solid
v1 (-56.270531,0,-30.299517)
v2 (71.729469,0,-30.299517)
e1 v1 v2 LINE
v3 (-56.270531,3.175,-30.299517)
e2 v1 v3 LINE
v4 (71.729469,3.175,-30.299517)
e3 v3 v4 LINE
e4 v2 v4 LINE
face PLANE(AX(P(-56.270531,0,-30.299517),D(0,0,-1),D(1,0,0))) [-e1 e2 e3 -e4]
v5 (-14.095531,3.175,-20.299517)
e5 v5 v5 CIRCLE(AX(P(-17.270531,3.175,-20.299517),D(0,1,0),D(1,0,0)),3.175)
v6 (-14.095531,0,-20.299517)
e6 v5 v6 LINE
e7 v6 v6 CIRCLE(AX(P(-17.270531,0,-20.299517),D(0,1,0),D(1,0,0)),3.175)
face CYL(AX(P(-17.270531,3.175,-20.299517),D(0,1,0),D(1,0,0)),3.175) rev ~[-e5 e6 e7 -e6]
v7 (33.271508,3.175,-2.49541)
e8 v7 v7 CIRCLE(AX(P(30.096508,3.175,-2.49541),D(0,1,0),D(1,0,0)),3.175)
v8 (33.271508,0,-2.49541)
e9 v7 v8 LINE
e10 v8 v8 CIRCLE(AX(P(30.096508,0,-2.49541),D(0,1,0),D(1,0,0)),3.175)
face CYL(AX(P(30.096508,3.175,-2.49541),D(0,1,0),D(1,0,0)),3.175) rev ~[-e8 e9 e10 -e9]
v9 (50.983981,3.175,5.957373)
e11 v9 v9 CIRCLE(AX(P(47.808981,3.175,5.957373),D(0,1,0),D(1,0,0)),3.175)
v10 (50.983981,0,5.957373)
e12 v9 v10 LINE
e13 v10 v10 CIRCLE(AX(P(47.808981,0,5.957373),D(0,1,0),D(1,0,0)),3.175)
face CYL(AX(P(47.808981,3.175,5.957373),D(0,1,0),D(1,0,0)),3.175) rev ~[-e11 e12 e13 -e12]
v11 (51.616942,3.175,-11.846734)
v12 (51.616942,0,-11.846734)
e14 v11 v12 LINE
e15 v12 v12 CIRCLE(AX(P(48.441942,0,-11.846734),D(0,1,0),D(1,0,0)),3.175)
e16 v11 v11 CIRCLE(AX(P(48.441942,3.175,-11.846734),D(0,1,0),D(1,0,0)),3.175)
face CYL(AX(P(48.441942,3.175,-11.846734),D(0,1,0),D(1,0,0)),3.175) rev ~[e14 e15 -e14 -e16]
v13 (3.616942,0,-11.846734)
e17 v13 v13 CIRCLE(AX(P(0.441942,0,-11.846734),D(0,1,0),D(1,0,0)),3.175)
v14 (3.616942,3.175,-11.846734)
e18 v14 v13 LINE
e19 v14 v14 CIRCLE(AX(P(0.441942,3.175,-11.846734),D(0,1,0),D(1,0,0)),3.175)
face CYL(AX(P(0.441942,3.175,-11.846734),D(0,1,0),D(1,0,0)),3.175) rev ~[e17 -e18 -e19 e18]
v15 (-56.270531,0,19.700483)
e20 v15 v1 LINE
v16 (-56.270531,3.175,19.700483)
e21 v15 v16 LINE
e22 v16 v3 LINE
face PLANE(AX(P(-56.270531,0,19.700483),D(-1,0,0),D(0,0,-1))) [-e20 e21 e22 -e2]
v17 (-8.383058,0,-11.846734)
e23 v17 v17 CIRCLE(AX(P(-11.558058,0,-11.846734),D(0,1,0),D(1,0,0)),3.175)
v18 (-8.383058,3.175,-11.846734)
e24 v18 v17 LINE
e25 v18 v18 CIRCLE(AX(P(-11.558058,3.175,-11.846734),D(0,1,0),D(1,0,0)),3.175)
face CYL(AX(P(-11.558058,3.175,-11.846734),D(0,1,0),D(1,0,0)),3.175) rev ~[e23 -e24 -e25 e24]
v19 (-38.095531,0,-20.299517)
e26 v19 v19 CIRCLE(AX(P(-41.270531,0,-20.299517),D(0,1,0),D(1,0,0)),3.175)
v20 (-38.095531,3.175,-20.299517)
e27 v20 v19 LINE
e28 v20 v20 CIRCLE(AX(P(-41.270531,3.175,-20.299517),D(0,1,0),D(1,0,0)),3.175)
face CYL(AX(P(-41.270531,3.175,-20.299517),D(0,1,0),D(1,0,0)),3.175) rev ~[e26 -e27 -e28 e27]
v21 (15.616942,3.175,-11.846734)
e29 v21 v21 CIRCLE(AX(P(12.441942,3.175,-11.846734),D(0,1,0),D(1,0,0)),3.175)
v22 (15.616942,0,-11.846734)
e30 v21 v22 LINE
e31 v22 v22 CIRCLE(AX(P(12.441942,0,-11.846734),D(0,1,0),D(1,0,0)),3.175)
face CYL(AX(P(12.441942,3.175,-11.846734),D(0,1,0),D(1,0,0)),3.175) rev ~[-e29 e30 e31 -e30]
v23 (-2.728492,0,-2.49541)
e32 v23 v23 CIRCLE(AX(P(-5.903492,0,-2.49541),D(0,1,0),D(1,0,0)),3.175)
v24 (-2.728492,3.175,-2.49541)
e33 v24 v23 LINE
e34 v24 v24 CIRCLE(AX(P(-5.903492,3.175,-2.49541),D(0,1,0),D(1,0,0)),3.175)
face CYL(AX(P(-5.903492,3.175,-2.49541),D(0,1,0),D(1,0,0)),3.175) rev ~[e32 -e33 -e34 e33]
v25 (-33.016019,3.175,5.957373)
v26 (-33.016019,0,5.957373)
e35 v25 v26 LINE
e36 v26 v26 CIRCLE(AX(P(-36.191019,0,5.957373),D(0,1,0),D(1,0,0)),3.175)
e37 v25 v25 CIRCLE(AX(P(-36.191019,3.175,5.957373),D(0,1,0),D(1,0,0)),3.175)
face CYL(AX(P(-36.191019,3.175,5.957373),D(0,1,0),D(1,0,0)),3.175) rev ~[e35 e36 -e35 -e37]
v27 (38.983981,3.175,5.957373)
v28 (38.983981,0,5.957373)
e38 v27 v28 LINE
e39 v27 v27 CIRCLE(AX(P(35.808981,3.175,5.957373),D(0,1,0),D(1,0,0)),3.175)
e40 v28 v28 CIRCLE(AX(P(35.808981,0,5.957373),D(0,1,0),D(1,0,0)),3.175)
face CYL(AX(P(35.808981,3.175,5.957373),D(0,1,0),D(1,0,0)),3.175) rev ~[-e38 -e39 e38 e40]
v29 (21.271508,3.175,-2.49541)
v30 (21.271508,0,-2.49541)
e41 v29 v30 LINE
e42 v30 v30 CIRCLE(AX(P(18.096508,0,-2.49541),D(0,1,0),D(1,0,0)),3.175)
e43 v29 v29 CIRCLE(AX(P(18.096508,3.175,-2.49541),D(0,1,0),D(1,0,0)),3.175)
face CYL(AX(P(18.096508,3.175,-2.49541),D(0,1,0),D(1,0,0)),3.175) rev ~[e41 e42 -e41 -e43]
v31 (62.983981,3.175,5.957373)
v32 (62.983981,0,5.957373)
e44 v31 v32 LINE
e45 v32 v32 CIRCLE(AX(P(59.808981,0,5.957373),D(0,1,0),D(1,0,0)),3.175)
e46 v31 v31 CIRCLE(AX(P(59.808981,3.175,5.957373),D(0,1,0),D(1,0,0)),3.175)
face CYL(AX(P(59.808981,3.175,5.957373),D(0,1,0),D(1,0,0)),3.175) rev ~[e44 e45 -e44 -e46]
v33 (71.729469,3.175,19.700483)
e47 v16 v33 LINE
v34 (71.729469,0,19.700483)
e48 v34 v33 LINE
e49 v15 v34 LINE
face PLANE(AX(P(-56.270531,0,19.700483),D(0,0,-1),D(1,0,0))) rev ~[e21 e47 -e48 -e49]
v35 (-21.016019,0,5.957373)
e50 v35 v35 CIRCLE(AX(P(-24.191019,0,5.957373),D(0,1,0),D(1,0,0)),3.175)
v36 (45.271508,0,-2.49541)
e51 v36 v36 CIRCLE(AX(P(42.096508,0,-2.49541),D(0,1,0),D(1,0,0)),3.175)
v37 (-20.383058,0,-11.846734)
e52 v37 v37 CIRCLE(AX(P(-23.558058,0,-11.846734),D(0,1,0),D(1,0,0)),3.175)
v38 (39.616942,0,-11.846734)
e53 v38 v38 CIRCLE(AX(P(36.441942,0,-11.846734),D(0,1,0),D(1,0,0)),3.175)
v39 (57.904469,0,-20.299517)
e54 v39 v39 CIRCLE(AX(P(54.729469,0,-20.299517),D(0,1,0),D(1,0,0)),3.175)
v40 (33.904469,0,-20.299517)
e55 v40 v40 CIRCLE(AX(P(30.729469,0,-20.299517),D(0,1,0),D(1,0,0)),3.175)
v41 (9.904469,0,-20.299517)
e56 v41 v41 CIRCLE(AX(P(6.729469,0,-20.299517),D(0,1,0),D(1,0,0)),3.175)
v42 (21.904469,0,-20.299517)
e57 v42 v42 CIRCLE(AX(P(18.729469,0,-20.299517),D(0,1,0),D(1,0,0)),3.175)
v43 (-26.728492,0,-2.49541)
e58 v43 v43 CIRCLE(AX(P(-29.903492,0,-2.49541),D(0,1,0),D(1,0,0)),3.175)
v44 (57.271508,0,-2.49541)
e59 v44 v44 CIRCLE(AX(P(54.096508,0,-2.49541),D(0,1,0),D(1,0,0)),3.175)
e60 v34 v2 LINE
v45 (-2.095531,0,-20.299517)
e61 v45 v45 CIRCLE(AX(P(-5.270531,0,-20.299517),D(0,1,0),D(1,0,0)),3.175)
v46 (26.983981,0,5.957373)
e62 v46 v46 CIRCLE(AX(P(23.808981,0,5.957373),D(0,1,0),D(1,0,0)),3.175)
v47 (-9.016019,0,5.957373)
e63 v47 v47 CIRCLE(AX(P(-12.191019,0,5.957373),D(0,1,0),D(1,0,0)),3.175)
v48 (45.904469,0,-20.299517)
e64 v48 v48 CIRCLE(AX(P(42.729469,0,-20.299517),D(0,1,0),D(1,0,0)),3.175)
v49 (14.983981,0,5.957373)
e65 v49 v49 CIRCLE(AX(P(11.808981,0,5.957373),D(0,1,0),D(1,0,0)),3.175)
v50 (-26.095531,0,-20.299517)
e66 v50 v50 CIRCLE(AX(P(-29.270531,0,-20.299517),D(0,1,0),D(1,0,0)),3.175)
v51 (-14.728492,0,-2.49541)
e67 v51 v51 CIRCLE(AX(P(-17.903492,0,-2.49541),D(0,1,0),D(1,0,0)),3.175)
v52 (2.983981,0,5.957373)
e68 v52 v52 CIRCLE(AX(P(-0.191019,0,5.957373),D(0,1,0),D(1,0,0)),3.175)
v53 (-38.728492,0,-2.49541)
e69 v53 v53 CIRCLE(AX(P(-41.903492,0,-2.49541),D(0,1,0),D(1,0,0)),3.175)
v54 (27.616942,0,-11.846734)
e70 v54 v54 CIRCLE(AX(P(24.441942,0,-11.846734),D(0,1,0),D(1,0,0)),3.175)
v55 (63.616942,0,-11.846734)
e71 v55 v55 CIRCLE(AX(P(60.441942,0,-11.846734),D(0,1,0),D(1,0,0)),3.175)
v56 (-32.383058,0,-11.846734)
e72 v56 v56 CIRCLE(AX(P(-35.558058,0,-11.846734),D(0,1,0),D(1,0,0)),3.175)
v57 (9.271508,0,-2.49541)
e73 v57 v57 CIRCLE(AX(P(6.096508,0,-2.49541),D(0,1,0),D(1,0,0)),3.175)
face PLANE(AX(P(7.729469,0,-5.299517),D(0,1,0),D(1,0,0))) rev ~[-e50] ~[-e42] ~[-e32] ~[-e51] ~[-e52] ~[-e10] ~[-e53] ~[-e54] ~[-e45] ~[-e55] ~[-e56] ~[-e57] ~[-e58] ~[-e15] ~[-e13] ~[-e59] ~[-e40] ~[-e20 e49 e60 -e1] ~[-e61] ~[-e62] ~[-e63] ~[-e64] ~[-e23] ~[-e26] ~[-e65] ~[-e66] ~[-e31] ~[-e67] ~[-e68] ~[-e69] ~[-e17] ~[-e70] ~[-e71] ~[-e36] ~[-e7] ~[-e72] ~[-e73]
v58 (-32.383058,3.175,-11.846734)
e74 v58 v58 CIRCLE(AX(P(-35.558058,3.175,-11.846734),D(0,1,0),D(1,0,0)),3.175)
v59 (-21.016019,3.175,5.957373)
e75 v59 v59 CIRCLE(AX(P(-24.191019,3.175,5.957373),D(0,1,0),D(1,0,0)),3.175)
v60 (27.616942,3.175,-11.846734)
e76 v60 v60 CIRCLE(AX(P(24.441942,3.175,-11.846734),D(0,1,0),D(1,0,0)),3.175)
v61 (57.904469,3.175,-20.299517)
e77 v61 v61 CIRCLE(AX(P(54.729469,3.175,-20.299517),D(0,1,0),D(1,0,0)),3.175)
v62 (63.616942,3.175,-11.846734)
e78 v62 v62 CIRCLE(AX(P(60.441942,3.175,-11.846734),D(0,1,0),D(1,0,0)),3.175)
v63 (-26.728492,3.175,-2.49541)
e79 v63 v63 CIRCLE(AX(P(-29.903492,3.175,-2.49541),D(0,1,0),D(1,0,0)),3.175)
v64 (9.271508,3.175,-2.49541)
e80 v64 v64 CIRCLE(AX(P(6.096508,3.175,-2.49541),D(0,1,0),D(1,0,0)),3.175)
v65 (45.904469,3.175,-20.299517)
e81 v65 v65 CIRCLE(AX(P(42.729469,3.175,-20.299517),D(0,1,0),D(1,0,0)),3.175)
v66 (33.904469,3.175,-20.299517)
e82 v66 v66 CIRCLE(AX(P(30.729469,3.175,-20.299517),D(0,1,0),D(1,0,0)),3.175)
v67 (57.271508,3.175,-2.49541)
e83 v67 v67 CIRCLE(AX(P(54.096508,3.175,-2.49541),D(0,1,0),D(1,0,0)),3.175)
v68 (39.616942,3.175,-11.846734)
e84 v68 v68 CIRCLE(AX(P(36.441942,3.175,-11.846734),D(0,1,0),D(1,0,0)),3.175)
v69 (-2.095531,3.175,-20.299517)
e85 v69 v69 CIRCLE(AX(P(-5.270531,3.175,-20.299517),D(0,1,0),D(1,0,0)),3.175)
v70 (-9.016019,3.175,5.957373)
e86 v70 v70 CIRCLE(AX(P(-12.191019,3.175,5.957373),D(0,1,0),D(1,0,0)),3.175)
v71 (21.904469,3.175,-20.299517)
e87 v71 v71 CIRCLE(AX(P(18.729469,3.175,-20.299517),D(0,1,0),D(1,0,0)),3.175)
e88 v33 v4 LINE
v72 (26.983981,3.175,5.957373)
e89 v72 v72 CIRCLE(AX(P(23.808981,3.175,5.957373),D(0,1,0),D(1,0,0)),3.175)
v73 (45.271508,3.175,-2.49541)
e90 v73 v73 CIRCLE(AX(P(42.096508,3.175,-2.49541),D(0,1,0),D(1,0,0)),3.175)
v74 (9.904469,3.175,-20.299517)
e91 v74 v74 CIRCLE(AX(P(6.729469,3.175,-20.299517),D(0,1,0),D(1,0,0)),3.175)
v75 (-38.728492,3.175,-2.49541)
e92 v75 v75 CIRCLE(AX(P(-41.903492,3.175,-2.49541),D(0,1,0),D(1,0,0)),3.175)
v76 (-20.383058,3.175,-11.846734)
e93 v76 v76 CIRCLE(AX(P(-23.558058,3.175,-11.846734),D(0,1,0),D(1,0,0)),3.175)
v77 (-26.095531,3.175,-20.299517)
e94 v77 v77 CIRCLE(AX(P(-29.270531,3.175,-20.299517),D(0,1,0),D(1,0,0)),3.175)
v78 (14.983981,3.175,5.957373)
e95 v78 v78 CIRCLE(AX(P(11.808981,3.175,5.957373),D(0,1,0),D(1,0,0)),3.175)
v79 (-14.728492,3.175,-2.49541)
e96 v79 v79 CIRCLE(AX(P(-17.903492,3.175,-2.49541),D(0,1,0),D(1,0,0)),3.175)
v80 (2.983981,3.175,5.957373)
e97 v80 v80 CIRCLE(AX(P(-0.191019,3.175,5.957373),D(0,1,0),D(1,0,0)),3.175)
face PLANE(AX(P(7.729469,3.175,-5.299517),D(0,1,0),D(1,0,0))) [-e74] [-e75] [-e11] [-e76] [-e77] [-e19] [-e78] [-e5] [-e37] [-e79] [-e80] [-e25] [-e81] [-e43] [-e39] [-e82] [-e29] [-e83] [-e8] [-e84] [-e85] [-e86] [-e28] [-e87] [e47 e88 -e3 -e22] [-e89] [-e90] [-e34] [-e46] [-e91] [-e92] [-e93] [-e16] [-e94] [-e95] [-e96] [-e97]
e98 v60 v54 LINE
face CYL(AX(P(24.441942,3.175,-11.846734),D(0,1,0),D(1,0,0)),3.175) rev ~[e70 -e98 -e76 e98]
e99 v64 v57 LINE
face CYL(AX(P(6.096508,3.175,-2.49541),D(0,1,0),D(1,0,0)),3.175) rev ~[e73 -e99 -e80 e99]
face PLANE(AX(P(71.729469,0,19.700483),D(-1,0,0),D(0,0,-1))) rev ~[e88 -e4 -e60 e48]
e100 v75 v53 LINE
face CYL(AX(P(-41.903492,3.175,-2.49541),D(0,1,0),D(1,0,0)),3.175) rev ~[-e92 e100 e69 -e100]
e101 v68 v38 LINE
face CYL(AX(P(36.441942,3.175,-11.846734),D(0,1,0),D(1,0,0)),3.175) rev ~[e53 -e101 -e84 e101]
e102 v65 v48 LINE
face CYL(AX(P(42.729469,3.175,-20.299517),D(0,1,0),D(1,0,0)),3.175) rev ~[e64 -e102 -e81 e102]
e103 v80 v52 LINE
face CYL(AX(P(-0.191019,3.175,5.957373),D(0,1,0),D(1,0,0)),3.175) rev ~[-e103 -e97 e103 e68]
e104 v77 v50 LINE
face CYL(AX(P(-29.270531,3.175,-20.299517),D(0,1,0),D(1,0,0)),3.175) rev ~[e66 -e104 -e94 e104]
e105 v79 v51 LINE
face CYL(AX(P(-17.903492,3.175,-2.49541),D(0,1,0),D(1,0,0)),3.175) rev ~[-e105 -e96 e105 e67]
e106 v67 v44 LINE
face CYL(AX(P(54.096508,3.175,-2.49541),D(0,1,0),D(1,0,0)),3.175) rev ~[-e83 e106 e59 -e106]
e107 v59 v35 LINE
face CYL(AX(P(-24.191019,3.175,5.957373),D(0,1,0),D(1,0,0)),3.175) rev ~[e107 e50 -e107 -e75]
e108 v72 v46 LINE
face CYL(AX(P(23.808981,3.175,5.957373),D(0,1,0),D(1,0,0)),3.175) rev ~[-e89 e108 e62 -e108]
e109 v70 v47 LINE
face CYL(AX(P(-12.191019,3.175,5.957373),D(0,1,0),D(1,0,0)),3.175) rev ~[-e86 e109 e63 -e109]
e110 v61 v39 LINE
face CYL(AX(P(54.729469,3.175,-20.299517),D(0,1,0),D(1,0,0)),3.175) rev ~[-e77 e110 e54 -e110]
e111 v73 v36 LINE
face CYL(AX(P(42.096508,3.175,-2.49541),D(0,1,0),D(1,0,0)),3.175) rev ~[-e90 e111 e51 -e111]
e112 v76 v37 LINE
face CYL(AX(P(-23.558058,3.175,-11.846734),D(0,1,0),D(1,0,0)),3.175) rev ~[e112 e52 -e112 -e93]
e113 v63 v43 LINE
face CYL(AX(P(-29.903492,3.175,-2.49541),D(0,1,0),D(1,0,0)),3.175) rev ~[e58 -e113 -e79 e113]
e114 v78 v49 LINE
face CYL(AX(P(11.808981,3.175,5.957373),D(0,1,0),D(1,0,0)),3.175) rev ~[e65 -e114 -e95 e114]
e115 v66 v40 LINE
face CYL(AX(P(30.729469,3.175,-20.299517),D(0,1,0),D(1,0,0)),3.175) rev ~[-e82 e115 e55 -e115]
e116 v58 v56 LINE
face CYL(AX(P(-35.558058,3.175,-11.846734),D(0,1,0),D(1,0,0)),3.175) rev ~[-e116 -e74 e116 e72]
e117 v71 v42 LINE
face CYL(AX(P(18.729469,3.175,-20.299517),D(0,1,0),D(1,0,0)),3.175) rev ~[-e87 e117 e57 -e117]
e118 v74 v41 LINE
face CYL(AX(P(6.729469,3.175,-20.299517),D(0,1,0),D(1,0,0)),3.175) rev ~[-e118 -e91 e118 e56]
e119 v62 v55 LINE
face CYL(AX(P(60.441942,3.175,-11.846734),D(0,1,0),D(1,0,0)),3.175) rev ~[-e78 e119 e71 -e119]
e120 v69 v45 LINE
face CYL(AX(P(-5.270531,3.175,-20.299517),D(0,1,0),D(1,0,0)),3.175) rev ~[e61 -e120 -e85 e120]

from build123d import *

# Parameters (mm, degrees)
SKETCH1_W           = 128
SKETCH1_H           = 50
BOSS_EXTRUDE1_DEPTH = 3.175
SKETCH2_R           = 3.175
CUT_EXTRUDE1_DEPTH  = 3.175


with BuildPart() as part:
    # Sketch1 → Boss-Extrude1 (new body)
    with BuildSketch(Plane(origin=(0, 0, 0), x_dir=(1, 0, 0), z_dir=(0, 1, 0))):
        with Locations((7.729468599, 5.299516908)):
            Rectangle(SKETCH1_W, SKETCH1_H)
    extrude(amount=BOSS_EXTRUDE1_DEPTH)

    # Sketch2 → Cut-Extrude1 (cut)
    with BuildSketch(Plane(origin=(0, 3.175, 0), x_dir=(1, 0, 0), z_dir=(0, 1, 0))):
        with Locations((-41.270531401, 20.299516908)):
            Circle(SKETCH2_R)
        with Locations((-29.270531401, 20.299516908)):
            Circle(SKETCH2_R)
        with Locations((-17.270531401, 20.299516908)):
            Circle(SKETCH2_R)
        with Locations((-5.270531401, 20.299516908)):
            Circle(SKETCH2_R)
        with Locations((6.729468599, 20.299516908)):
            Circle(SKETCH2_R)
        with Locations((18.729468599, 20.299516908)):
            Circle(SKETCH2_R)
        with Locations((30.729468599, 20.299516908)):
            Circle(SKETCH2_R)
        with Locations((42.729468599, 20.299516908)):
            Circle(SKETCH2_R)
        with Locations((54.729468599, 20.299516908)):
            Circle(SKETCH2_R)
        with Locations((-35.558058134, 11.846734249)):
            Circle(SKETCH2_R)
        with Locations((-23.558058134, 11.846734249)):
            Circle(SKETCH2_R)
        with Locations((-11.558058134, 11.846734249)):
            Circle(SKETCH2_R)
        with Locations((0.441941866, 11.846734249)):
            Circle(SKETCH2_R)
        with Locations((12.441941866, 11.846734249)):
            Circle(SKETCH2_R)
        with Locations((24.441941866, 11.846734249)):
            Circle(SKETCH2_R)
        with Locations((36.441941866, 11.846734249)):
            Circle(SKETCH2_R)
        with Locations((48.441941866, 11.846734249)):
            Circle(SKETCH2_R)
        with Locations((60.441941866, 11.846734249)):
            Circle(SKETCH2_R)
        with Locations((-41.90349241, 2.495409821)):
            Circle(SKETCH2_R)
        with Locations((-29.90349241, 2.495409821)):
            Circle(SKETCH2_R)
        with Locations((-17.90349241, 2.495409821)):
            Circle(SKETCH2_R)
        with Locations((-5.90349241, 2.495409821)):
            Circle(SKETCH2_R)
        with Locations((6.09650759, 2.495409821)):
            Circle(SKETCH2_R)
        with Locations((18.09650759, 2.495409821)):
            Circle(SKETCH2_R)
        with Locations((30.09650759, 2.495409821)):
            Circle(SKETCH2_R)
        with Locations((42.09650759, 2.495409821)):
            Circle(SKETCH2_R)
        with Locations((54.09650759, 2.495409821)):
            Circle(SKETCH2_R)
        with Locations((-36.191019143, -5.957372838)):
            Circle(SKETCH2_R)
        with Locations((-24.191019143, -5.957372838)):
            Circle(SKETCH2_R)
        with Locations((-12.191019143, -5.957372838)):
            Circle(SKETCH2_R)
        with Locations((-0.191019143, -5.957372838)):
            Circle(SKETCH2_R)
        with Locations((11.808980857, -5.957372838)):
            Circle(SKETCH2_R)
        with Locations((23.808980857, -5.957372838)):
            Circle(SKETCH2_R)
        with Locations((35.808980857, -5.957372838)):
            Circle(SKETCH2_R)
        with Locations((47.808980857, -5.957372838)):
            Circle(SKETCH2_R)
        with Locations((59.808980857, -5.957372838)):
            Circle(SKETCH2_R)
    extrude(amount=-CUT_EXTRUDE1_DEPTH, mode=Mode.SUBTRACT)


solid = part.part
